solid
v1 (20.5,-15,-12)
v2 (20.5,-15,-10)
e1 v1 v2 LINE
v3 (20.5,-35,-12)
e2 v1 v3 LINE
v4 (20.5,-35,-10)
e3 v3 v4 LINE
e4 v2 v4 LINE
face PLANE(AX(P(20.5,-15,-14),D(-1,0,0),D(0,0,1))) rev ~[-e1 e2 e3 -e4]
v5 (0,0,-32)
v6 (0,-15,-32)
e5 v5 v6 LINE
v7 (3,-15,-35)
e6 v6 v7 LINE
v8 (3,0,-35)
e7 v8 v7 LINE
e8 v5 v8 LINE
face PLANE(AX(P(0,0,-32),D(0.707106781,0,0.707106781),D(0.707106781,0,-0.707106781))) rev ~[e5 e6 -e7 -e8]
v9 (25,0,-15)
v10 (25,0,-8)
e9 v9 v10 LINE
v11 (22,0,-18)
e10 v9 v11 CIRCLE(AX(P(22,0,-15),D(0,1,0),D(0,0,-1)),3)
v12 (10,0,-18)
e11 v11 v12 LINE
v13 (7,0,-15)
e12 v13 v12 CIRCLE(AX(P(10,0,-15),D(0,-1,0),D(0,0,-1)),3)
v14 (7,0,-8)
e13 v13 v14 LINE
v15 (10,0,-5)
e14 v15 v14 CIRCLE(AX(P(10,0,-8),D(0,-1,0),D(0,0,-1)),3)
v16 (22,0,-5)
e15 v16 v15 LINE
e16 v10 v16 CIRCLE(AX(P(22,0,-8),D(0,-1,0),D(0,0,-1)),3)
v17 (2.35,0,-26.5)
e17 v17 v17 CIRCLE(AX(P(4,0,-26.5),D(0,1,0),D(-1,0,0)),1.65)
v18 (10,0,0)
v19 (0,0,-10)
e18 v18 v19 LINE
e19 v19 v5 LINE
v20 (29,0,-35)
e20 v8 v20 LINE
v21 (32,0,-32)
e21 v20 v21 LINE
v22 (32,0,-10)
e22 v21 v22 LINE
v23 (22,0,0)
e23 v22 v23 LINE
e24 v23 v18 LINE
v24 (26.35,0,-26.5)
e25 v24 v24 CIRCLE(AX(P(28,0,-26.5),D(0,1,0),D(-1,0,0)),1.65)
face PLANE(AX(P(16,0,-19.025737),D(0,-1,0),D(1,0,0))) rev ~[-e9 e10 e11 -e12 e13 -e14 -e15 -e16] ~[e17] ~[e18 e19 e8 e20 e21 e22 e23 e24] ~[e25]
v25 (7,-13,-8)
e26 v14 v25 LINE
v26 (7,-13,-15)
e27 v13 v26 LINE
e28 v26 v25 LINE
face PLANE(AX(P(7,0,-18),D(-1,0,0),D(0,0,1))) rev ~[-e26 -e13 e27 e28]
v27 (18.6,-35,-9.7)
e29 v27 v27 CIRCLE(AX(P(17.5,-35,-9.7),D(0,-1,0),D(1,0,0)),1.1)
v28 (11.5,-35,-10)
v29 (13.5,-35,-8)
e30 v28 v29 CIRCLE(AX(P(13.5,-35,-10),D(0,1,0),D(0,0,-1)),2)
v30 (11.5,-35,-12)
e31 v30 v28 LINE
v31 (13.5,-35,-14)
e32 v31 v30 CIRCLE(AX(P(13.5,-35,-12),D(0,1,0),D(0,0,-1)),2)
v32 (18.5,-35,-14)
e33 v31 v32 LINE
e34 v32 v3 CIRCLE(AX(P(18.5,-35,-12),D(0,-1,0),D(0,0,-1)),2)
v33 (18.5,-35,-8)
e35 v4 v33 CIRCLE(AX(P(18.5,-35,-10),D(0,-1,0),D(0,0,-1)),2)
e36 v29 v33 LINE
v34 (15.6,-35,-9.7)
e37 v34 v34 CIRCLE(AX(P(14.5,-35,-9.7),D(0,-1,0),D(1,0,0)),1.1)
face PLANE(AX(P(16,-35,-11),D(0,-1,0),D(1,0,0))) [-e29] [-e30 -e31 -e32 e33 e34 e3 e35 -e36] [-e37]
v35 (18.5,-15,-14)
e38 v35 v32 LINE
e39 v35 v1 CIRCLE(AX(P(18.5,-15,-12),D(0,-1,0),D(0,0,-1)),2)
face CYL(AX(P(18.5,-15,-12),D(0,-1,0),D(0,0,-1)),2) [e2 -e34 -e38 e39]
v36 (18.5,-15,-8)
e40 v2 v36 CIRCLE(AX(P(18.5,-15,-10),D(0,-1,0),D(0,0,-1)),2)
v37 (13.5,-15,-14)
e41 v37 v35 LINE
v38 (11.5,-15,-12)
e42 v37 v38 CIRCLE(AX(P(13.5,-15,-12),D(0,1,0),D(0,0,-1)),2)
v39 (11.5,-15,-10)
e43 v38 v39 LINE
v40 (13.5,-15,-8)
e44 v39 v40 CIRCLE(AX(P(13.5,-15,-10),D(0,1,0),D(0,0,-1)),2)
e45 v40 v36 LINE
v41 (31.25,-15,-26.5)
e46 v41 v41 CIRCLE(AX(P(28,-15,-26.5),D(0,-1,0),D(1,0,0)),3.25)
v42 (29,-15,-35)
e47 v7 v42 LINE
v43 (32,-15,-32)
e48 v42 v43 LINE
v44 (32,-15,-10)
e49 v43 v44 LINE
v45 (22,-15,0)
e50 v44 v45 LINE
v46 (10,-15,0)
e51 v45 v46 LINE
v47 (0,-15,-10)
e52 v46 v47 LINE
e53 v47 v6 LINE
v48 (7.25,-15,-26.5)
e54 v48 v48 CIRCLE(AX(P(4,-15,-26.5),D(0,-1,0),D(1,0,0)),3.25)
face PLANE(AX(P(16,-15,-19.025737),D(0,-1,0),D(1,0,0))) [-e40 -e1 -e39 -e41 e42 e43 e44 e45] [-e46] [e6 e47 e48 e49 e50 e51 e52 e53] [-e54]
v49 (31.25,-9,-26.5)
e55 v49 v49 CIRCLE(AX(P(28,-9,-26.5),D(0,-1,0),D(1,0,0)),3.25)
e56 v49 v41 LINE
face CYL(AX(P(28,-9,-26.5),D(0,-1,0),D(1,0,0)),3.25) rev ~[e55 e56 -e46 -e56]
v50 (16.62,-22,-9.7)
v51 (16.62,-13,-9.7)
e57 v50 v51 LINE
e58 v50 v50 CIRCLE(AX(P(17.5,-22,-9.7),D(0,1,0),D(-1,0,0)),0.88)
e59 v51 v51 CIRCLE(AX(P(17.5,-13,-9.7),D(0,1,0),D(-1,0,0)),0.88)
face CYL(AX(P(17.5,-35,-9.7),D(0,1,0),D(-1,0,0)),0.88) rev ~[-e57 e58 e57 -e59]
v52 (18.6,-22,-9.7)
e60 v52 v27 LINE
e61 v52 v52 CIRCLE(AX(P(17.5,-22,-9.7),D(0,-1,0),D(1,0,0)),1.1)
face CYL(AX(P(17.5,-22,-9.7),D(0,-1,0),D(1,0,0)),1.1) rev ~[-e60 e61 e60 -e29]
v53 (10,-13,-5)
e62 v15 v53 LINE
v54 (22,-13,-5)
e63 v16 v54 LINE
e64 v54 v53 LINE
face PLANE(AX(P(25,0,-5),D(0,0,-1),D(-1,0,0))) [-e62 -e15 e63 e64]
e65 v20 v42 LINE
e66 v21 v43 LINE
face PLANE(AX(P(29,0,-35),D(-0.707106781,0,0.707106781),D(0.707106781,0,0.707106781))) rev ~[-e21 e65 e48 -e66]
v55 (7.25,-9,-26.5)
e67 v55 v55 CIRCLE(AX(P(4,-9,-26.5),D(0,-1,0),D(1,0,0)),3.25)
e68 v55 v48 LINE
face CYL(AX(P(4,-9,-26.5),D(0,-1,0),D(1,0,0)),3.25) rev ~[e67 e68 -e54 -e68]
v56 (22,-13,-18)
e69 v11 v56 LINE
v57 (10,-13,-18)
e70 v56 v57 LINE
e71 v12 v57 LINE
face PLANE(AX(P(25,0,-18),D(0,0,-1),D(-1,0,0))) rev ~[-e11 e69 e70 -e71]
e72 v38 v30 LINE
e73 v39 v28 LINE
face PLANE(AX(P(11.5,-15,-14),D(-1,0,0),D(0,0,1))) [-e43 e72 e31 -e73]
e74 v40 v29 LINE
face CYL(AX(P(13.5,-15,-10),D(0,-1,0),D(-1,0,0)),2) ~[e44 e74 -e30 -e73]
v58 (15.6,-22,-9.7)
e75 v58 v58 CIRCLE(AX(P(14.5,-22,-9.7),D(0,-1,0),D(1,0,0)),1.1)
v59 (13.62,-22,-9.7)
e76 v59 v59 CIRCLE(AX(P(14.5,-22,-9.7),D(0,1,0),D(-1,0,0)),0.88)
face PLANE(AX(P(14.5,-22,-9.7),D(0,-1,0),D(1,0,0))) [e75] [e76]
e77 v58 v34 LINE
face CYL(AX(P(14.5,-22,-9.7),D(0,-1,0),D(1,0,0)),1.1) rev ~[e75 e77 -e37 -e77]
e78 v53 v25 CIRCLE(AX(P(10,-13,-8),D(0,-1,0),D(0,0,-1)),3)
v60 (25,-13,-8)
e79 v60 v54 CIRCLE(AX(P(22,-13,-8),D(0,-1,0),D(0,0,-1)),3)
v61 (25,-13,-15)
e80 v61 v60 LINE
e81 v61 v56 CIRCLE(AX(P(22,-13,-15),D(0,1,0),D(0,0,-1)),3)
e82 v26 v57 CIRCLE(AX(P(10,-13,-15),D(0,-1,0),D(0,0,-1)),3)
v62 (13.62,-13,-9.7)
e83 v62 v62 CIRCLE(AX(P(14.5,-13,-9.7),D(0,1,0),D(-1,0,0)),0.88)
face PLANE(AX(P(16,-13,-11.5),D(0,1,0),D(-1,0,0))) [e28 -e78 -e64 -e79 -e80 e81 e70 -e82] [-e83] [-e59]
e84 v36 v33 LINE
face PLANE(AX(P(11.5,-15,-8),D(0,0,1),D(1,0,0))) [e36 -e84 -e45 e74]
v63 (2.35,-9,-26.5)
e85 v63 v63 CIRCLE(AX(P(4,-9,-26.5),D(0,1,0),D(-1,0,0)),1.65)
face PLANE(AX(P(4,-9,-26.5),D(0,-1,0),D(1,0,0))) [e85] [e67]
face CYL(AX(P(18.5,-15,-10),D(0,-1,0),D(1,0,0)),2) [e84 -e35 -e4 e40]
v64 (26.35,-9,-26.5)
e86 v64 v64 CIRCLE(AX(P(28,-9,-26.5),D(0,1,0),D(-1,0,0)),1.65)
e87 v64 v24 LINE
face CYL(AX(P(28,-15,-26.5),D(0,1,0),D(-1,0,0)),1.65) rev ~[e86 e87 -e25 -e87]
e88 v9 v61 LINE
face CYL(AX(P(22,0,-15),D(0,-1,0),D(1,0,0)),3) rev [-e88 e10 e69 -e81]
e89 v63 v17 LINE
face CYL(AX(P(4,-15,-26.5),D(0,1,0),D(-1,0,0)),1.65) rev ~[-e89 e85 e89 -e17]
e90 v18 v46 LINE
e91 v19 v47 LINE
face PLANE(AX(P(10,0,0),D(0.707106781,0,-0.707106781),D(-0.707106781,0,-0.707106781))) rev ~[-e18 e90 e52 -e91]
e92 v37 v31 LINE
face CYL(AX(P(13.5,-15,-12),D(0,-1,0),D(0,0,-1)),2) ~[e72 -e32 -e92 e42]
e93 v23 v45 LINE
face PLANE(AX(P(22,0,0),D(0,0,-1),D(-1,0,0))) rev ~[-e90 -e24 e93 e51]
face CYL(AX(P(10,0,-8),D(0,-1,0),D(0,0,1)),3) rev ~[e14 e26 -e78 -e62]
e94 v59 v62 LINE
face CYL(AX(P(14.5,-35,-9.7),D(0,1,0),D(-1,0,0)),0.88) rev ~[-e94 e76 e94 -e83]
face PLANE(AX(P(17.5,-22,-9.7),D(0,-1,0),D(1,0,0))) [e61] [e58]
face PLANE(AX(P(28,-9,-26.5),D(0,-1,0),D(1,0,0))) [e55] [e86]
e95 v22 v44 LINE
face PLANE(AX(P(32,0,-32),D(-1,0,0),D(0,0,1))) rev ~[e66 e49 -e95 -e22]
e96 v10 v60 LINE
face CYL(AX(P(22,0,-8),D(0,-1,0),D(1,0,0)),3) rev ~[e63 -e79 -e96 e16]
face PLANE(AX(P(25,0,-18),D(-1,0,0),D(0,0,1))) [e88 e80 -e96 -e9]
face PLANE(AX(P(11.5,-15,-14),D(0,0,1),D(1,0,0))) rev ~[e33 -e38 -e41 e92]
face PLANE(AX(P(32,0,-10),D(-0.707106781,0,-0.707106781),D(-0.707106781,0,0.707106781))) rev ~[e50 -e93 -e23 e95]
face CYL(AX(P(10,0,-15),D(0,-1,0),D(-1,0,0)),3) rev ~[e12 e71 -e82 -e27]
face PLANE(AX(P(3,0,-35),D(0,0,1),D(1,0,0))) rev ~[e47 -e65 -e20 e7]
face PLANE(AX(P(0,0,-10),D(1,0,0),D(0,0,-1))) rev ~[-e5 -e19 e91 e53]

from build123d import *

# Parameters (mm, degrees)
F1_DEPTH       = 15
F2_W           = 9
F2_H           = 6
F3_DEPTH       = 20
F4_W           = 18
F4_H           = 13
F5_DEPTH       = 13
F6_R           = 3
F7_D           = 3.3
F7_CBORE_D     = 6.5
F7_CBORE_DEPTH = 6
F9_D           = 1.76
F9_CBORE_D     = 2.2
F9_CBORE_DEPTH = 13
F10_R          = 2


with BuildPart() as f1:
    # F0 (on Front) → F1 (new body)
    with BuildSketch(Plane.XZ):
        Polygon((22, 0), (10, 0), (0, -10), (0, -32), (3, -35), (29, -35), (32, -32), (32, -10), align=None)
    extrude(amount=F1_DEPTH)

    # F2 (on face) → F3 (join)
    with BuildSketch(Plane.XZ.offset(15)):
        with Locations((16, -11)):
            Rectangle(F2_W, F2_H)
    extrude(amount=F3_DEPTH)

    # F4 (on face) → F5 (cut)
    with BuildSketch(Plane(origin=(0, 0, 0), x_dir=(-1, 0, 0), z_dir=(0, 1, 0))):
        with Locations((-16, -11.5)):
            Rectangle(F4_W, F4_H)
    extrude(amount=-F5_DEPTH, mode=Mode.SUBTRACT)

    # F6
    f6_edges = [f1.edges().sort_by_distance(p)[0] for p in [
        (25, -6.5, -5),
        (7, -6.5, -5),
        (25, -6.5, -18),
        (7, -6.5, -18),
    ]]
    fillet(f6_edges, radius=F6_R)

    # F7 (through all)
    with Locations(Plane.XZ.offset(15)):
        with Locations((4, -26.5), (28, -26.5)):
            CounterBoreHole(F7_D / 2, F7_CBORE_D / 2, F7_CBORE_DEPTH)

    # F9 (through all)
    with Locations(Plane.XZ.offset(35)):
        with Locations((14.5, -9.7), (17.5, -9.7)):
            CounterBoreHole(F9_D / 2, F9_CBORE_D / 2, F9_CBORE_DEPTH)

    # F10
    f10_edges = [f1.edges().sort_by_distance(p)[0] for p in [
        (20.5, -25, -8),
        (20.5, -25, -14),
        (11.5, -25, -8),
        (11.5, -25, -14),
    ]]
    fillet(f10_edges, radius=F10_R)


solid = f1.part
